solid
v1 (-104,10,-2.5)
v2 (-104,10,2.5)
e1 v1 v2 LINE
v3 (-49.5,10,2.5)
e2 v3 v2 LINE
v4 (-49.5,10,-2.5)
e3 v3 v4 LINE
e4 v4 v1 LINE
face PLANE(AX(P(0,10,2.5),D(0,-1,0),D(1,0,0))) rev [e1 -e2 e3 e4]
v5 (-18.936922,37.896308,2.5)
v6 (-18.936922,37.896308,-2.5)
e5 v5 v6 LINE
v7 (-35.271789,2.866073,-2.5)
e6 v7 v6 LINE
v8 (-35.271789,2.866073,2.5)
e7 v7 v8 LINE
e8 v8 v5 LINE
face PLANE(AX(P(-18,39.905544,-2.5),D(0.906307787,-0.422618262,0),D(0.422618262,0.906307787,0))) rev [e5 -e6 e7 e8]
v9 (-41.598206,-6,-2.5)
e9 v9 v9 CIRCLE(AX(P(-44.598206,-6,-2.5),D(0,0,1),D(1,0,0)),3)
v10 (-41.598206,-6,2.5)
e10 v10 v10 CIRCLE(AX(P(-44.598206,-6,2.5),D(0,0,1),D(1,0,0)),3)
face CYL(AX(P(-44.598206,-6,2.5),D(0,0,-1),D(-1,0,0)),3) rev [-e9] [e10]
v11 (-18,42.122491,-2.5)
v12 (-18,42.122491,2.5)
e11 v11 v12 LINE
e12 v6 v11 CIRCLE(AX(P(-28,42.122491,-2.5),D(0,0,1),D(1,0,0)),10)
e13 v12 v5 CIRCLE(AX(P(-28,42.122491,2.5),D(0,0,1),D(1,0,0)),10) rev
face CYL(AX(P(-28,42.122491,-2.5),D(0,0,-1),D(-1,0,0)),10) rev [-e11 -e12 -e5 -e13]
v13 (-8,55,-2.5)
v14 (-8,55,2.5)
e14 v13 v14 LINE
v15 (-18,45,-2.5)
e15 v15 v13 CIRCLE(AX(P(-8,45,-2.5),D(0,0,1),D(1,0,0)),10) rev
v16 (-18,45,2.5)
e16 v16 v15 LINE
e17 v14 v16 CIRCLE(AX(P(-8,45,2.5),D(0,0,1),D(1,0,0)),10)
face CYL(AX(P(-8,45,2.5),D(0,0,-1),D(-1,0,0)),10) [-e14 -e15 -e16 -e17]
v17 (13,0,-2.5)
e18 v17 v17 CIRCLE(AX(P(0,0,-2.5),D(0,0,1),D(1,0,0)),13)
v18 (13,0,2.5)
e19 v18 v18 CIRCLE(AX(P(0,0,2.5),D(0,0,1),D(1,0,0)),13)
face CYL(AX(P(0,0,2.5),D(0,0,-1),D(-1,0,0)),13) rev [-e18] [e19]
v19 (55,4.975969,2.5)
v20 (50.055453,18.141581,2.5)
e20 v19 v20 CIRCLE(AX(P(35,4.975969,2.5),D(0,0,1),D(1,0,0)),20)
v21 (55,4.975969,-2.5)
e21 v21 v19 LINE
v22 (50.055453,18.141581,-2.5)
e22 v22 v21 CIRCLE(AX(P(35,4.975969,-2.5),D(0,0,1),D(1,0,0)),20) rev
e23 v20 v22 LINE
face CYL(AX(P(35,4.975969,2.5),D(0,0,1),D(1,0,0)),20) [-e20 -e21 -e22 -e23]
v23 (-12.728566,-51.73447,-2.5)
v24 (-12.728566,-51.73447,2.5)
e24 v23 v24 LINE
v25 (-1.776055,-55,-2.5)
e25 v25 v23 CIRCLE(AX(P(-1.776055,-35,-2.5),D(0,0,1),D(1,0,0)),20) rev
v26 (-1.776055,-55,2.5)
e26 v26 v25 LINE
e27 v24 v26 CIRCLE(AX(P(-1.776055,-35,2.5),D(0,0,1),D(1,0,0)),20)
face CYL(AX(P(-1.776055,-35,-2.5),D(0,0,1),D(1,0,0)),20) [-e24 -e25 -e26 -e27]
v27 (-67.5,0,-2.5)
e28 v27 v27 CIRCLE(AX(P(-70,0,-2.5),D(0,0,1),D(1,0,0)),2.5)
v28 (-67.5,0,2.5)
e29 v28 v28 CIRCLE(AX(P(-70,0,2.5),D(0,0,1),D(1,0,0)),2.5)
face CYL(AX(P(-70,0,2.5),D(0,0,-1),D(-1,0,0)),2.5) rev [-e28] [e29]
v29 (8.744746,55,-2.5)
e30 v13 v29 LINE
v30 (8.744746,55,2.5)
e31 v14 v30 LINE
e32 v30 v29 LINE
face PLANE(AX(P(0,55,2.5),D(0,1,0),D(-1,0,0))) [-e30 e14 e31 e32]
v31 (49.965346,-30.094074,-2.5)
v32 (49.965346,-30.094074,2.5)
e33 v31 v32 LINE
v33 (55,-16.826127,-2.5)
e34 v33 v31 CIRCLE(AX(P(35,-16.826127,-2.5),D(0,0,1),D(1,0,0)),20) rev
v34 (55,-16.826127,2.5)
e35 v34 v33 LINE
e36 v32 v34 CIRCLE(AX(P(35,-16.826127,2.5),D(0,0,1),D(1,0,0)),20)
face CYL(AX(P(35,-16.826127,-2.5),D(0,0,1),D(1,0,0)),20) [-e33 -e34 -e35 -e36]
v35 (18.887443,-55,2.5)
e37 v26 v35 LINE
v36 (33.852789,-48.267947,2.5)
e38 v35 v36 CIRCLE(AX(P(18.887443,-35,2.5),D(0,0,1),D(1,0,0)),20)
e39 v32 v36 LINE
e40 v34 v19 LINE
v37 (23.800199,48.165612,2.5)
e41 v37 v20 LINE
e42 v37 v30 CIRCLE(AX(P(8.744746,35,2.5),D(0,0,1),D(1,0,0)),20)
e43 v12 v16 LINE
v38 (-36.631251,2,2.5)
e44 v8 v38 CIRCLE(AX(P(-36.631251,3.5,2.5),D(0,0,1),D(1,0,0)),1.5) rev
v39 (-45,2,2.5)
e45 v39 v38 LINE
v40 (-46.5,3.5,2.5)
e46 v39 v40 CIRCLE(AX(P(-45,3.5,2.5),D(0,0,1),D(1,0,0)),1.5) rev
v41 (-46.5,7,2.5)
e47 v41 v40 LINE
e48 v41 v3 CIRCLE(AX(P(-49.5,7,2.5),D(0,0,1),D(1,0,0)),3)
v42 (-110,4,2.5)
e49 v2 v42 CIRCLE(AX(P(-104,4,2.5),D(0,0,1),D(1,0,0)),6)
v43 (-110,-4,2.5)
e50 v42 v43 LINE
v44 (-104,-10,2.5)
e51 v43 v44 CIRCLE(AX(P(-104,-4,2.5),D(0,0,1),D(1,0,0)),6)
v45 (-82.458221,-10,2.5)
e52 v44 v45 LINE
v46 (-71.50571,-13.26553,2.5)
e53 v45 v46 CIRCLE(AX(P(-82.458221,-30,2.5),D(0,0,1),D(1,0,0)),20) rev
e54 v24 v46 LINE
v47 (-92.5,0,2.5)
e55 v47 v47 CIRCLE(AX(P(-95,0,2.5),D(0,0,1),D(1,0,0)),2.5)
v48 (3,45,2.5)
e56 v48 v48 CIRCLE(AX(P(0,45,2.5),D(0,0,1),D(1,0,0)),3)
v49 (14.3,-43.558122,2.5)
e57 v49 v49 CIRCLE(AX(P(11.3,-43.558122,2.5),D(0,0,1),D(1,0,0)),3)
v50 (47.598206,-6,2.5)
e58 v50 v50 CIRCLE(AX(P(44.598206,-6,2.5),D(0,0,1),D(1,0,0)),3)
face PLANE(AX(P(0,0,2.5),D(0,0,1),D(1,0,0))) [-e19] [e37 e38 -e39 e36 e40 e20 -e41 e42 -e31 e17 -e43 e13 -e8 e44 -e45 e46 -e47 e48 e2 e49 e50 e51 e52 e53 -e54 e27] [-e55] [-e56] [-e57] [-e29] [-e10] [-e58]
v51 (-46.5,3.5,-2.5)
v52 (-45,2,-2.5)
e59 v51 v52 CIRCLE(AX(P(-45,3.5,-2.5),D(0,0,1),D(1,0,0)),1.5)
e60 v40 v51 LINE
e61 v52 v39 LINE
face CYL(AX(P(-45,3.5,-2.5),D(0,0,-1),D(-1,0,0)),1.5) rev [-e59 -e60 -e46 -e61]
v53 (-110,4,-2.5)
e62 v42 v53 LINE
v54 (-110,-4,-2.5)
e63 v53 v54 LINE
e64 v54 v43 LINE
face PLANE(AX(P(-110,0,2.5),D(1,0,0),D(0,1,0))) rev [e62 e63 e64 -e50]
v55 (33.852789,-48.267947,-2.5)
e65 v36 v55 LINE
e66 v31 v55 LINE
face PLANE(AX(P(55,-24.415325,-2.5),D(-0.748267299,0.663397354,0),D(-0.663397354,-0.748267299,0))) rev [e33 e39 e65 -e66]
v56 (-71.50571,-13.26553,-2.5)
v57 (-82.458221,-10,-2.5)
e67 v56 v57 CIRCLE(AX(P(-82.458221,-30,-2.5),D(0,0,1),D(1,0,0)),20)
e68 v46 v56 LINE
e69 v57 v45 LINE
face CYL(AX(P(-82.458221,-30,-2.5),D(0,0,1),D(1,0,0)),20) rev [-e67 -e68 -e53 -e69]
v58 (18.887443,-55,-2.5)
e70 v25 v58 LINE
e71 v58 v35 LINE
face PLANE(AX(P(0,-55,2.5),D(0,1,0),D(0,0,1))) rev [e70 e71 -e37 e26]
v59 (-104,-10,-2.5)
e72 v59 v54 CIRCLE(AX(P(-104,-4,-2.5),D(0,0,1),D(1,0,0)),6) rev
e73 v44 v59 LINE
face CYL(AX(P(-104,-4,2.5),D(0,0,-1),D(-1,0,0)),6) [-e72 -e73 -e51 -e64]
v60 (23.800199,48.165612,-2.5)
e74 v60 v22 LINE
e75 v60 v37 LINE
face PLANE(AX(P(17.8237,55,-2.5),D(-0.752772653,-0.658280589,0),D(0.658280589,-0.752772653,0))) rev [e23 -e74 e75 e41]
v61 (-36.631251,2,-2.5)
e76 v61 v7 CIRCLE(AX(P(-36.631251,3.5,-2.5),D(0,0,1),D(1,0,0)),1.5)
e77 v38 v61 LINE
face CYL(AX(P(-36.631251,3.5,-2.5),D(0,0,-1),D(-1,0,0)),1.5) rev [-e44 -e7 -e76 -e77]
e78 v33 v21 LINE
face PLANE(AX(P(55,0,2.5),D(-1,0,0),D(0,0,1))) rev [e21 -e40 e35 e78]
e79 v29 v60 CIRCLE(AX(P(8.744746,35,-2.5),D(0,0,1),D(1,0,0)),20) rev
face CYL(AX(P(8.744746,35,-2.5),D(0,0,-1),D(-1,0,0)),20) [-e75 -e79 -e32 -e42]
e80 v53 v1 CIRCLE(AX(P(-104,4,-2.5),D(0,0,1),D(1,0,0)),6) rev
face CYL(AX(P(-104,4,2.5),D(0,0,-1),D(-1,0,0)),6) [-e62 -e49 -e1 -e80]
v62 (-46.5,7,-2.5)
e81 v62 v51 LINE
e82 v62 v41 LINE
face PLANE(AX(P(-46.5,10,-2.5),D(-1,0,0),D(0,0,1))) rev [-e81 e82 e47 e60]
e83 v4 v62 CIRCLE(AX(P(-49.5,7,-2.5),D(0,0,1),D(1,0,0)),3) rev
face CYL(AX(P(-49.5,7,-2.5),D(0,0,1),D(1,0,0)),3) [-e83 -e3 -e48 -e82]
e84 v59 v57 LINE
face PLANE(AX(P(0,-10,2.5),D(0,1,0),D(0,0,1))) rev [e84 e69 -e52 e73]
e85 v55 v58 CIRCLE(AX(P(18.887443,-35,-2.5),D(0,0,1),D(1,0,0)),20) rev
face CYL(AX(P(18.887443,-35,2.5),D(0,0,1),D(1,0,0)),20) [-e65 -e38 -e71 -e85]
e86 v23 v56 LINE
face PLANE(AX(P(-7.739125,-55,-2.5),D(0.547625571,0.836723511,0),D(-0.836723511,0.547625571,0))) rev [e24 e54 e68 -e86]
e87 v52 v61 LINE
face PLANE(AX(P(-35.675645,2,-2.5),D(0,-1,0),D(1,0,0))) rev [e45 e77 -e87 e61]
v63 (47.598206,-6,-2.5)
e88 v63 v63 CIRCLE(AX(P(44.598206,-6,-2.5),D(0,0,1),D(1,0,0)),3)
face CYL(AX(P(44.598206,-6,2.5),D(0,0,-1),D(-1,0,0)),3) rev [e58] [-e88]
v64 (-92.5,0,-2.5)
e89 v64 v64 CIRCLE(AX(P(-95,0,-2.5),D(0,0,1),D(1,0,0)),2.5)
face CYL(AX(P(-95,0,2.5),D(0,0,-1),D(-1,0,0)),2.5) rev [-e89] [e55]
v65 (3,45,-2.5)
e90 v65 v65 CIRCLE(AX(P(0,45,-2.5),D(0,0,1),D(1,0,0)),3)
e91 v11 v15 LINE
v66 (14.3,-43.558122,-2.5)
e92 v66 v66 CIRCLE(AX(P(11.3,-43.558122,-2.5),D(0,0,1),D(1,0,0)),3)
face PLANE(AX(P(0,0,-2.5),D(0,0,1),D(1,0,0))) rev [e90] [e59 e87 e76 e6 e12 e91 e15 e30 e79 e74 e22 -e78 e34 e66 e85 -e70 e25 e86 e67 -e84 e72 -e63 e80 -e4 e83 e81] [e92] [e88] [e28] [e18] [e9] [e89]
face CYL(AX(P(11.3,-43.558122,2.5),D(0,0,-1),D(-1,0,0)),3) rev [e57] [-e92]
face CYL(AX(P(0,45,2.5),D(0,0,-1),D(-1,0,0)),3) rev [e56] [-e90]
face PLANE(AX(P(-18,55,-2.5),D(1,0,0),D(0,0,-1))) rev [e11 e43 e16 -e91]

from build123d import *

# Parameters (mm, degrees)
SKETCH1_R                       = 3
SKETCH1_R_2                     = 13
SKETCH1_R_3                     = 2.5
BOSS_EXTRUDE1_DEPTH             = 2.5
CUT_EXTRUDE1_DEPTH              = 3.5
CUT_EXTRUDE1_DEPTH_BACK         = 3.5
BOSS_EXTRUDE2_REACH             = 4.5
BOSS_EXTRUDE2_DIRECTION_2_REACH = 4.5
FILLET2_R                       = 20
FILLET4_R                       = 6
FILLET5_R                       = 10
FILLET6_R                       = 3
FILLET7_R                       = 1.5


with BuildPart() as part:
    # Sketch1 → Boss-Extrude1 (new body, symmetric)
    with BuildSketch(Plane.XY):
        Polygon((-55, 10), (-110, 10), (-110, -10), (-55, -10), (-55, -55), (55, -55), (55, 55), (-55, 55), align=None)
        with Locations((0, 45)):
            Circle(SKETCH1_R, mode=Mode.SUBTRACT)
        with Locations((-44.598206242, -6)):
            Circle(SKETCH1_R, mode=Mode.SUBTRACT)
        with Locations((44.598206242, -6)):
            Circle(SKETCH1_R, mode=Mode.SUBTRACT)
        with Locations((11.3, -43.55812209)):
            Circle(SKETCH1_R, mode=Mode.SUBTRACT)
        Circle(SKETCH1_R_2, mode=Mode.SUBTRACT)
        with Locations((-95, 0)):
            Circle(SKETCH1_R_3, mode=Mode.SUBTRACT)
        with Locations((-70, 0)):
            Circle(SKETCH1_R_3, mode=Mode.SUBTRACT)
    extrude(amount=BOSS_EXTRUDE1_DEPTH, both=True)

    # Sketch2 → Cut-Extrude1 (cut, two sides)
    with BuildSketch(Plane.XY) as cut_extrude1_sk:
        Polygon((17.823700244, 55), (55, 12.487274774), (55, 55), align=None)
        Polygon((55, -24.415324997), (27.884298804, -55), (55, -55), align=None)
        Polygon((-7.739125069, -55), (-55, -24.068320295), (-55, -55), align=None)
        Polygon((-55, 55), (-18, 55), (-18, 39.905543875), (-35.675645396, 2), (-46.5, 2), (-46.5, 10), (-55, 10), align=None)
    extrude(amount=CUT_EXTRUDE1_DEPTH, mode=Mode.SUBTRACT)
    extrude(cut_extrude1_sk.sketch, amount=-CUT_EXTRUDE1_DEPTH_BACK, mode=Mode.SUBTRACT)

    # Boss-Extrude2: up to this face of the body (flat: up to its plane)
    boss_extrude2_end = Plane(part.part.faces().sort_by_distance((-48.483053202, 6, 2.5))[0])
    # Sketch3 → Boss-Extrude2 (add, up to the picked face)
    with BuildSketch(Plane.XY, mode=Mode.PRIVATE) as boss_extrude2_sk1:
        Polygon((-55, -24.068320295), (-76.495151, -10), (-55, -10), align=None)
    boss_extrude2_tool1 = split(extrude(boss_extrude2_sk1.sketch, amount=BOSS_EXTRUDE2_REACH, mode=Mode.PRIVATE), bisect_by=boss_extrude2_end, keep=Keep.BOTH, mode=Mode.PRIVATE)
    add(boss_extrude2_tool1.solids().sort_by_distance((-62.16505, -14.68944, 0))[0])

    # Boss-Extrude2 direction 2: up to this face of the body (flat: up to its plane)
    boss_extrude2_direction_2_end = Plane(part.part.faces().sort_by_distance((-78.25, 8.016946798, -2.5))[0])
    # Sketch3 → Boss-Extrude2 direction 2 (add, up to the picked face)
    with BuildSketch(Plane.XY, mode=Mode.PRIVATE) as boss_extrude2_direction_2_sk1:
        Polygon((-55, -24.068320295), (-76.495151, -10), (-55, -10), align=None)
    boss_extrude2_direction_2_tool1 = split(extrude(boss_extrude2_direction_2_sk1.sketch, amount=-BOSS_EXTRUDE2_DIRECTION_2_REACH, mode=Mode.PRIVATE), bisect_by=boss_extrude2_direction_2_end, keep=Keep.BOTH, mode=Mode.PRIVATE)
    add(boss_extrude2_direction_2_tool1.solids().sort_by_distance((-62.16505, -14.68944, 0))[0])

    # Fillet2
    fillet2_edges = [part.edges().sort_by_distance(p)[0] for p in [
        (-76.495151, -10, 0),
        (-7.739125069, -55, 0),
        (55, -24.415324997, 0),
        (27.884298804, -55, 0),
        (17.823700244, 55, 0),
        (55, 12.487274774, 0),
    ]]
    fillet(fillet2_edges, radius=FILLET2_R)

    # Fillet4
    fillet4_edges = [part.edges().sort_by_distance(p)[0] for p in [
        (-110, -10, 0),
        (-110, 10, 0),
    ]]
    fillet(fillet4_edges, radius=FILLET4_R)

    # Fillet5
    fillet5_edges = [part.edges().sort_by_distance(p)[0] for p in [
        (-18, 55, 0),
        (-18, 39.905543875, 0),
    ]]
    fillet(fillet5_edges, radius=FILLET5_R)

    # Fillet6
    fillet6_edges = [part.edges().sort_by_distance(p)[0] for p in [
        (-46.5, 10, 0),
    ]]
    fillet(fillet6_edges, radius=FILLET6_R)

    # Fillet7
    fillet7_edges = [part.edges().sort_by_distance(p)[0] for p in [
        (-35.675645396, 2, 0),
        (-46.5, 2, 0),
    ]]
    fillet(fillet7_edges, radius=FILLET7_R)


solid = part.part
